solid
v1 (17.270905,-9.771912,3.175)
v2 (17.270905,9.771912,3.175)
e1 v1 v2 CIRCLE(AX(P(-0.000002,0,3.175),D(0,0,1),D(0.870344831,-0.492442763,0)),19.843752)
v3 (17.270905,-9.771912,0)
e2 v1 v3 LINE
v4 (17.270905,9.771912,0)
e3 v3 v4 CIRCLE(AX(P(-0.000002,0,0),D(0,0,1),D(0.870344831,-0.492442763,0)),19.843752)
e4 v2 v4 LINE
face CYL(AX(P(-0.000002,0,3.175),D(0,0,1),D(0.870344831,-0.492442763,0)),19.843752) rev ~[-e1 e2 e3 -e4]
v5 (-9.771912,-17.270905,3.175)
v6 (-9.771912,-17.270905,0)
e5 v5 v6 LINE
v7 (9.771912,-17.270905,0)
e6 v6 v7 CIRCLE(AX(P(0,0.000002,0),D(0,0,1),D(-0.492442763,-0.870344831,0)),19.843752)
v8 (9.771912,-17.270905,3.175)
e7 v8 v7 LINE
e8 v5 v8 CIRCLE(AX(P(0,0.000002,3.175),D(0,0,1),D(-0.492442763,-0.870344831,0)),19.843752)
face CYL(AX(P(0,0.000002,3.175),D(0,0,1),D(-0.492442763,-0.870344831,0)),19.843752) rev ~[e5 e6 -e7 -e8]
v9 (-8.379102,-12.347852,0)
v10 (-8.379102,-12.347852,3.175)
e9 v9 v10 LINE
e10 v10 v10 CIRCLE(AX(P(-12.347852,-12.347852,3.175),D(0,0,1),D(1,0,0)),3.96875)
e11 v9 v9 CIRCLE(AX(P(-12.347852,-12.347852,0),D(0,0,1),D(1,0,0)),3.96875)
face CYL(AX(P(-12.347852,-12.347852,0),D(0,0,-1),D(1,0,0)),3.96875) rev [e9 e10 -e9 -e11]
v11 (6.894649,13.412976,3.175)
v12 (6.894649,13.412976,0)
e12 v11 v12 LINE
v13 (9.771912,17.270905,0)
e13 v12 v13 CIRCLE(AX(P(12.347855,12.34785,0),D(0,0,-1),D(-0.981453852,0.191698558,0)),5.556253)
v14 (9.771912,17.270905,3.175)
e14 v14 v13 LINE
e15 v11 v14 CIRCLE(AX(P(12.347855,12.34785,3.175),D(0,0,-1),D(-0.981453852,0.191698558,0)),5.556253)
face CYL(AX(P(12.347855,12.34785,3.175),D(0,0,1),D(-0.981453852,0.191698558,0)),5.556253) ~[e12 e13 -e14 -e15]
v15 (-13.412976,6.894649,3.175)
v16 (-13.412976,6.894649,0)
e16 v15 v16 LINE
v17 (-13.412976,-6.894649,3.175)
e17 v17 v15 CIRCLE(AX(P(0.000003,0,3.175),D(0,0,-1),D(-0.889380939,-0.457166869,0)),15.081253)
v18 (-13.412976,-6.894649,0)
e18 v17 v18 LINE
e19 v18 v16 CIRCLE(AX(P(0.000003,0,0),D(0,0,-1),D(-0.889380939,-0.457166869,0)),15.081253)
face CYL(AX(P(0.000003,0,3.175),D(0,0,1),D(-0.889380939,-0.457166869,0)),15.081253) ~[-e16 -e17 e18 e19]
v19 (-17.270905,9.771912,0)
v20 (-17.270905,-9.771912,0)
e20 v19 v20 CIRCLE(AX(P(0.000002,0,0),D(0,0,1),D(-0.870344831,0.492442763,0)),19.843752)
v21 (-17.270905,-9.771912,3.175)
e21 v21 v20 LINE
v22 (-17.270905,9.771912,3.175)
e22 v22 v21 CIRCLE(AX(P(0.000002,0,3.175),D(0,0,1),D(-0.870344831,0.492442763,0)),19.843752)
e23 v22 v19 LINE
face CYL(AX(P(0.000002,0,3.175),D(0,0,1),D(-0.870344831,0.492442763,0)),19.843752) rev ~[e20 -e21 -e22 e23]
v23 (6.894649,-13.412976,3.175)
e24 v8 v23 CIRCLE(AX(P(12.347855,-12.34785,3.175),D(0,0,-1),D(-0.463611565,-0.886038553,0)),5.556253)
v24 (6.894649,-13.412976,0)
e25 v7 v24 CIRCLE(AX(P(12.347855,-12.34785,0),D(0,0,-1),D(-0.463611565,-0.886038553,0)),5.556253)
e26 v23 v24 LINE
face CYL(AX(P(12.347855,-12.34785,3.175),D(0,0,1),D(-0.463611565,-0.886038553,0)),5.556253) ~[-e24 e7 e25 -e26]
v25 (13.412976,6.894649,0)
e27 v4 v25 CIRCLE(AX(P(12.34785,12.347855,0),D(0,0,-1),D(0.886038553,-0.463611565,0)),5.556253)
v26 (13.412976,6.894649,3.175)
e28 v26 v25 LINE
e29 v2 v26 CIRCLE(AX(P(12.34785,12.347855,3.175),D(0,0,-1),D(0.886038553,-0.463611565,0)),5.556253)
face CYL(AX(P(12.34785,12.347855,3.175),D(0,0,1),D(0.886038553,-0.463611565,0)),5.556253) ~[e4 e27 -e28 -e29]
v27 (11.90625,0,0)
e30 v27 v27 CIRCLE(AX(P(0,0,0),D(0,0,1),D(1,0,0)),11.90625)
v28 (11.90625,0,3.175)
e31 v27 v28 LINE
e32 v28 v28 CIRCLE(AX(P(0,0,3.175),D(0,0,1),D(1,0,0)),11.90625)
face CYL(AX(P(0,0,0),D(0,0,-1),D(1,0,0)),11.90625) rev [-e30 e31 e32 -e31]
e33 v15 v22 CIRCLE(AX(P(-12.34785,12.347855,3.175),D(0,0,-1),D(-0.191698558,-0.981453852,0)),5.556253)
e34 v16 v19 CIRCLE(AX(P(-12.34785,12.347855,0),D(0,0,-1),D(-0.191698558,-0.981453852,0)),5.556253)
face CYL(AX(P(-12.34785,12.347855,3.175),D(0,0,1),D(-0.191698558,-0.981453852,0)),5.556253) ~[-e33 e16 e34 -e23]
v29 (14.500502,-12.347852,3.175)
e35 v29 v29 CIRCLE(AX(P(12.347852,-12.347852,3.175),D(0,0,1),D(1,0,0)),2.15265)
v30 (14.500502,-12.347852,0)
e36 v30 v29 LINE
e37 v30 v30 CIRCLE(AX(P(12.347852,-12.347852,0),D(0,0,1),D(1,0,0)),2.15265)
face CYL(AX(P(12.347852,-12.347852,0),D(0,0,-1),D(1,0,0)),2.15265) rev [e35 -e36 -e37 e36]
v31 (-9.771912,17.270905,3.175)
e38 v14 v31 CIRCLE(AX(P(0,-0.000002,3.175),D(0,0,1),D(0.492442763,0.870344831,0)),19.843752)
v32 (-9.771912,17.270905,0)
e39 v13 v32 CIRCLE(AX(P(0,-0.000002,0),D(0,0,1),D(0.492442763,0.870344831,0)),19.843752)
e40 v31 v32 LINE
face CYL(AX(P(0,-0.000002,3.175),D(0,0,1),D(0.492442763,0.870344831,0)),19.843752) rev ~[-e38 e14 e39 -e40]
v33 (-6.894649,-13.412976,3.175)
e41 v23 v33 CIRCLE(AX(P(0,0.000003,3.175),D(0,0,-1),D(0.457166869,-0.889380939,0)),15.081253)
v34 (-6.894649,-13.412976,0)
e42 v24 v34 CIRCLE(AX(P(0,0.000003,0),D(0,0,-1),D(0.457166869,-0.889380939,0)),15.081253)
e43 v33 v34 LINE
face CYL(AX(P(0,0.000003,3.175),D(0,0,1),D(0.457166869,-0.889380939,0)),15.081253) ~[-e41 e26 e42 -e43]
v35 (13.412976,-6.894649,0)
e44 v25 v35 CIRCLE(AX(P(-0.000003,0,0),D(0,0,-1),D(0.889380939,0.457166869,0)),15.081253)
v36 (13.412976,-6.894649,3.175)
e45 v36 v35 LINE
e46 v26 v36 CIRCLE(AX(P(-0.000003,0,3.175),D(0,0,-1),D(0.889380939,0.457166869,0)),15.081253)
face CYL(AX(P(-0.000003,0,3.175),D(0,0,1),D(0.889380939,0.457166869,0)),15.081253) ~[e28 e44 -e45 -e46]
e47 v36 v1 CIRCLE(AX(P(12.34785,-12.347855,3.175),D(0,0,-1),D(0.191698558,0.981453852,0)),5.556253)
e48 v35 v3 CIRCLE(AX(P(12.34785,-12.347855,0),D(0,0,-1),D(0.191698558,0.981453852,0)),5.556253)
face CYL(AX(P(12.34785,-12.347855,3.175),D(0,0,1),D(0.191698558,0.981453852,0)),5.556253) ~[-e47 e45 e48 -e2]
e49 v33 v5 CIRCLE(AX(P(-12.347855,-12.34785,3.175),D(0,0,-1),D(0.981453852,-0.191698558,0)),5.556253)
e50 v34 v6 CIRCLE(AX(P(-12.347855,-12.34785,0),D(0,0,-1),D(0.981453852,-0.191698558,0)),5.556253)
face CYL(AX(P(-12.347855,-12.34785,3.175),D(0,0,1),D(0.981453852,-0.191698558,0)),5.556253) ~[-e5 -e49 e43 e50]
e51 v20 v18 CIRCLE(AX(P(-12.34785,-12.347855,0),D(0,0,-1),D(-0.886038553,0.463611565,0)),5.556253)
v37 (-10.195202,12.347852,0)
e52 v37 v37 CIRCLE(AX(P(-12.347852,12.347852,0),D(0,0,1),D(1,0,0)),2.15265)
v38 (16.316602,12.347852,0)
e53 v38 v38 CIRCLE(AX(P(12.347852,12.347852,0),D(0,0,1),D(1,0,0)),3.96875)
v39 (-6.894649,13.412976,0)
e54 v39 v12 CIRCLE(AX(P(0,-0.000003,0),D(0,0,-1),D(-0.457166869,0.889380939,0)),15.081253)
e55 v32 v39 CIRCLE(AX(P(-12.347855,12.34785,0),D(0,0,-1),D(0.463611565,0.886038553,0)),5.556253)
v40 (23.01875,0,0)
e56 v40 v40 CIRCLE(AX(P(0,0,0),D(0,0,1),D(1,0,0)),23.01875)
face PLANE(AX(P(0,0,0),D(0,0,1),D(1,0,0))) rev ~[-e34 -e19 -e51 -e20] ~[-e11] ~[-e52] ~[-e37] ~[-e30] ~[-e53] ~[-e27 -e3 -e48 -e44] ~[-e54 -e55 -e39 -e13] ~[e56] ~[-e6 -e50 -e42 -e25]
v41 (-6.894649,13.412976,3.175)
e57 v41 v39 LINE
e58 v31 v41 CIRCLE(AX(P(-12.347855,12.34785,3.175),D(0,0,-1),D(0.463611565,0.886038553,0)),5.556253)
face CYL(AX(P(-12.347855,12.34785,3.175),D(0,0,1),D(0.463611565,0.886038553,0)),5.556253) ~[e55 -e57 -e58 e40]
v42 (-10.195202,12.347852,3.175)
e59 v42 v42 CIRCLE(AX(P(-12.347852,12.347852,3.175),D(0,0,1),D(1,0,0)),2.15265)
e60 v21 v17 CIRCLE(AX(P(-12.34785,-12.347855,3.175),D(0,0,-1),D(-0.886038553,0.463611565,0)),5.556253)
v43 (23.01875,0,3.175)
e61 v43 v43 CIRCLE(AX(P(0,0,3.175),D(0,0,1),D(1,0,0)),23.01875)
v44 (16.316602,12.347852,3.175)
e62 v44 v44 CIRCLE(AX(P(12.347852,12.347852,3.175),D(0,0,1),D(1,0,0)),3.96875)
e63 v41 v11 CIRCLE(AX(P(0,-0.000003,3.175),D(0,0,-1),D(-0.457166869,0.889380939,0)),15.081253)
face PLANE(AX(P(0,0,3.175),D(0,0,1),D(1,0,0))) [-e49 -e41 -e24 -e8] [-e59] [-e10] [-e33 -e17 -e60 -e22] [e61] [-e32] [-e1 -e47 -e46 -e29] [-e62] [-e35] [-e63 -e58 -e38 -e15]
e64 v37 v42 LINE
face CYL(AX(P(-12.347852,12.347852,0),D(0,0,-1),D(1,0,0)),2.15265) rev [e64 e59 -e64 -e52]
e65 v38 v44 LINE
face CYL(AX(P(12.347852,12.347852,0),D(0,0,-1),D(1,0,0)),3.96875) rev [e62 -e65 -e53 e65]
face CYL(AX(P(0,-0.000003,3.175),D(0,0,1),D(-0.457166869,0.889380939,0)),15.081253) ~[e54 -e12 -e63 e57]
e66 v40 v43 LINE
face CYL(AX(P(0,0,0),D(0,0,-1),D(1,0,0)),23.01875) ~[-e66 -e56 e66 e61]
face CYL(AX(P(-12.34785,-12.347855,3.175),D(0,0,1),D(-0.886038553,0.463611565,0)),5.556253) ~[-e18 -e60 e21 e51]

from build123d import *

# Parameters (mm, degrees)
F0_R     = 23.01875
F0_R_2   = 3.96875
F0_R_3   = 2.15265
F0_R_4   = 11.90625
F1_DEPTH = 3.175
F3_DEPTH = 3.175


with BuildPart() as f1:
    # F0 (on Top) → F1 (new body)
    with BuildSketch(Plane.XY):
        Circle(F0_R)
        with Locations((-12.347852, -12.347852)):
            Circle(F0_R_2, mode=Mode.SUBTRACT)
        with Locations((12.347852, -12.347852)):
            Circle(F0_R_3, mode=Mode.SUBTRACT)
        with Locations((-12.347852, 12.347852)):
            Circle(F0_R_3, mode=Mode.SUBTRACT)
        Circle(F0_R_4, mode=Mode.SUBTRACT)
        with Locations((12.347852, 12.347852)):
            Circle(F0_R_2, mode=Mode.SUBTRACT)
    extrude(amount=F1_DEPTH)

    # F2 (on face) → F3 (cut, through all)
    with BuildSketch(Plane.XY.offset(3.175)):
        with BuildLine():
            ThreePointArc((-9.771912, 17.270905), (-7.8939, 15.669632), (-6.894649, 13.412976))
            ThreePointArc((-6.894649, 13.412976), (0, 15.08125), (6.894649, 13.412976))
            ThreePointArc((6.894649, 13.412976), (7.8939, 15.669632), (9.771912, 17.270905))
            ThreePointArc((9.771912, 17.270905), (0, 19.84375), (-9.771912, 17.270905))
        make_face()
        with BuildLine():
            ThreePointArc((-13.412976, 6.894649), (-15.669632, 7.8939), (-17.270905, 9.771912))
            ThreePointArc((-17.270905, 9.771912), (-19.84375, 0), (-17.270905, -9.771912))
            ThreePointArc((-17.270905, -9.771912), (-15.669632, -7.8939), (-13.412976, -6.894649))
            ThreePointArc((-13.412976, -6.894649), (-15.08125, 0), (-13.412976, 6.894649))
        make_face()
        with BuildLine():
            ThreePointArc((17.270905, 9.771912), (15.669632, 7.8939), (13.412976, 6.894649))
            ThreePointArc((13.412976, 6.894649), (15.08125, 0), (13.412976, -6.894649))
            ThreePointArc((13.412976, -6.894649), (15.669632, -7.8939), (17.270905, -9.771912))
            ThreePointArc((17.270905, -9.771912), (19.84375, 0), (17.270905, 9.771912))
        make_face()
        with BuildLine():
            ThreePointArc((-6.894649, -13.412976), (-7.8939, -15.669632), (-9.771912, -17.270905))
            ThreePointArc((-9.771912, -17.270905), (0, -19.84375), (9.771912, -17.270905))
            ThreePointArc((9.771912, -17.270905), (7.8939, -15.669632), (6.894649, -13.412976))
            ThreePointArc((6.894649, -13.412976), (0, -15.08125), (-6.894649, -13.412976))
        make_face()
    extrude(amount=-F3_DEPTH, mode=Mode.SUBTRACT)


solid = f1.part
